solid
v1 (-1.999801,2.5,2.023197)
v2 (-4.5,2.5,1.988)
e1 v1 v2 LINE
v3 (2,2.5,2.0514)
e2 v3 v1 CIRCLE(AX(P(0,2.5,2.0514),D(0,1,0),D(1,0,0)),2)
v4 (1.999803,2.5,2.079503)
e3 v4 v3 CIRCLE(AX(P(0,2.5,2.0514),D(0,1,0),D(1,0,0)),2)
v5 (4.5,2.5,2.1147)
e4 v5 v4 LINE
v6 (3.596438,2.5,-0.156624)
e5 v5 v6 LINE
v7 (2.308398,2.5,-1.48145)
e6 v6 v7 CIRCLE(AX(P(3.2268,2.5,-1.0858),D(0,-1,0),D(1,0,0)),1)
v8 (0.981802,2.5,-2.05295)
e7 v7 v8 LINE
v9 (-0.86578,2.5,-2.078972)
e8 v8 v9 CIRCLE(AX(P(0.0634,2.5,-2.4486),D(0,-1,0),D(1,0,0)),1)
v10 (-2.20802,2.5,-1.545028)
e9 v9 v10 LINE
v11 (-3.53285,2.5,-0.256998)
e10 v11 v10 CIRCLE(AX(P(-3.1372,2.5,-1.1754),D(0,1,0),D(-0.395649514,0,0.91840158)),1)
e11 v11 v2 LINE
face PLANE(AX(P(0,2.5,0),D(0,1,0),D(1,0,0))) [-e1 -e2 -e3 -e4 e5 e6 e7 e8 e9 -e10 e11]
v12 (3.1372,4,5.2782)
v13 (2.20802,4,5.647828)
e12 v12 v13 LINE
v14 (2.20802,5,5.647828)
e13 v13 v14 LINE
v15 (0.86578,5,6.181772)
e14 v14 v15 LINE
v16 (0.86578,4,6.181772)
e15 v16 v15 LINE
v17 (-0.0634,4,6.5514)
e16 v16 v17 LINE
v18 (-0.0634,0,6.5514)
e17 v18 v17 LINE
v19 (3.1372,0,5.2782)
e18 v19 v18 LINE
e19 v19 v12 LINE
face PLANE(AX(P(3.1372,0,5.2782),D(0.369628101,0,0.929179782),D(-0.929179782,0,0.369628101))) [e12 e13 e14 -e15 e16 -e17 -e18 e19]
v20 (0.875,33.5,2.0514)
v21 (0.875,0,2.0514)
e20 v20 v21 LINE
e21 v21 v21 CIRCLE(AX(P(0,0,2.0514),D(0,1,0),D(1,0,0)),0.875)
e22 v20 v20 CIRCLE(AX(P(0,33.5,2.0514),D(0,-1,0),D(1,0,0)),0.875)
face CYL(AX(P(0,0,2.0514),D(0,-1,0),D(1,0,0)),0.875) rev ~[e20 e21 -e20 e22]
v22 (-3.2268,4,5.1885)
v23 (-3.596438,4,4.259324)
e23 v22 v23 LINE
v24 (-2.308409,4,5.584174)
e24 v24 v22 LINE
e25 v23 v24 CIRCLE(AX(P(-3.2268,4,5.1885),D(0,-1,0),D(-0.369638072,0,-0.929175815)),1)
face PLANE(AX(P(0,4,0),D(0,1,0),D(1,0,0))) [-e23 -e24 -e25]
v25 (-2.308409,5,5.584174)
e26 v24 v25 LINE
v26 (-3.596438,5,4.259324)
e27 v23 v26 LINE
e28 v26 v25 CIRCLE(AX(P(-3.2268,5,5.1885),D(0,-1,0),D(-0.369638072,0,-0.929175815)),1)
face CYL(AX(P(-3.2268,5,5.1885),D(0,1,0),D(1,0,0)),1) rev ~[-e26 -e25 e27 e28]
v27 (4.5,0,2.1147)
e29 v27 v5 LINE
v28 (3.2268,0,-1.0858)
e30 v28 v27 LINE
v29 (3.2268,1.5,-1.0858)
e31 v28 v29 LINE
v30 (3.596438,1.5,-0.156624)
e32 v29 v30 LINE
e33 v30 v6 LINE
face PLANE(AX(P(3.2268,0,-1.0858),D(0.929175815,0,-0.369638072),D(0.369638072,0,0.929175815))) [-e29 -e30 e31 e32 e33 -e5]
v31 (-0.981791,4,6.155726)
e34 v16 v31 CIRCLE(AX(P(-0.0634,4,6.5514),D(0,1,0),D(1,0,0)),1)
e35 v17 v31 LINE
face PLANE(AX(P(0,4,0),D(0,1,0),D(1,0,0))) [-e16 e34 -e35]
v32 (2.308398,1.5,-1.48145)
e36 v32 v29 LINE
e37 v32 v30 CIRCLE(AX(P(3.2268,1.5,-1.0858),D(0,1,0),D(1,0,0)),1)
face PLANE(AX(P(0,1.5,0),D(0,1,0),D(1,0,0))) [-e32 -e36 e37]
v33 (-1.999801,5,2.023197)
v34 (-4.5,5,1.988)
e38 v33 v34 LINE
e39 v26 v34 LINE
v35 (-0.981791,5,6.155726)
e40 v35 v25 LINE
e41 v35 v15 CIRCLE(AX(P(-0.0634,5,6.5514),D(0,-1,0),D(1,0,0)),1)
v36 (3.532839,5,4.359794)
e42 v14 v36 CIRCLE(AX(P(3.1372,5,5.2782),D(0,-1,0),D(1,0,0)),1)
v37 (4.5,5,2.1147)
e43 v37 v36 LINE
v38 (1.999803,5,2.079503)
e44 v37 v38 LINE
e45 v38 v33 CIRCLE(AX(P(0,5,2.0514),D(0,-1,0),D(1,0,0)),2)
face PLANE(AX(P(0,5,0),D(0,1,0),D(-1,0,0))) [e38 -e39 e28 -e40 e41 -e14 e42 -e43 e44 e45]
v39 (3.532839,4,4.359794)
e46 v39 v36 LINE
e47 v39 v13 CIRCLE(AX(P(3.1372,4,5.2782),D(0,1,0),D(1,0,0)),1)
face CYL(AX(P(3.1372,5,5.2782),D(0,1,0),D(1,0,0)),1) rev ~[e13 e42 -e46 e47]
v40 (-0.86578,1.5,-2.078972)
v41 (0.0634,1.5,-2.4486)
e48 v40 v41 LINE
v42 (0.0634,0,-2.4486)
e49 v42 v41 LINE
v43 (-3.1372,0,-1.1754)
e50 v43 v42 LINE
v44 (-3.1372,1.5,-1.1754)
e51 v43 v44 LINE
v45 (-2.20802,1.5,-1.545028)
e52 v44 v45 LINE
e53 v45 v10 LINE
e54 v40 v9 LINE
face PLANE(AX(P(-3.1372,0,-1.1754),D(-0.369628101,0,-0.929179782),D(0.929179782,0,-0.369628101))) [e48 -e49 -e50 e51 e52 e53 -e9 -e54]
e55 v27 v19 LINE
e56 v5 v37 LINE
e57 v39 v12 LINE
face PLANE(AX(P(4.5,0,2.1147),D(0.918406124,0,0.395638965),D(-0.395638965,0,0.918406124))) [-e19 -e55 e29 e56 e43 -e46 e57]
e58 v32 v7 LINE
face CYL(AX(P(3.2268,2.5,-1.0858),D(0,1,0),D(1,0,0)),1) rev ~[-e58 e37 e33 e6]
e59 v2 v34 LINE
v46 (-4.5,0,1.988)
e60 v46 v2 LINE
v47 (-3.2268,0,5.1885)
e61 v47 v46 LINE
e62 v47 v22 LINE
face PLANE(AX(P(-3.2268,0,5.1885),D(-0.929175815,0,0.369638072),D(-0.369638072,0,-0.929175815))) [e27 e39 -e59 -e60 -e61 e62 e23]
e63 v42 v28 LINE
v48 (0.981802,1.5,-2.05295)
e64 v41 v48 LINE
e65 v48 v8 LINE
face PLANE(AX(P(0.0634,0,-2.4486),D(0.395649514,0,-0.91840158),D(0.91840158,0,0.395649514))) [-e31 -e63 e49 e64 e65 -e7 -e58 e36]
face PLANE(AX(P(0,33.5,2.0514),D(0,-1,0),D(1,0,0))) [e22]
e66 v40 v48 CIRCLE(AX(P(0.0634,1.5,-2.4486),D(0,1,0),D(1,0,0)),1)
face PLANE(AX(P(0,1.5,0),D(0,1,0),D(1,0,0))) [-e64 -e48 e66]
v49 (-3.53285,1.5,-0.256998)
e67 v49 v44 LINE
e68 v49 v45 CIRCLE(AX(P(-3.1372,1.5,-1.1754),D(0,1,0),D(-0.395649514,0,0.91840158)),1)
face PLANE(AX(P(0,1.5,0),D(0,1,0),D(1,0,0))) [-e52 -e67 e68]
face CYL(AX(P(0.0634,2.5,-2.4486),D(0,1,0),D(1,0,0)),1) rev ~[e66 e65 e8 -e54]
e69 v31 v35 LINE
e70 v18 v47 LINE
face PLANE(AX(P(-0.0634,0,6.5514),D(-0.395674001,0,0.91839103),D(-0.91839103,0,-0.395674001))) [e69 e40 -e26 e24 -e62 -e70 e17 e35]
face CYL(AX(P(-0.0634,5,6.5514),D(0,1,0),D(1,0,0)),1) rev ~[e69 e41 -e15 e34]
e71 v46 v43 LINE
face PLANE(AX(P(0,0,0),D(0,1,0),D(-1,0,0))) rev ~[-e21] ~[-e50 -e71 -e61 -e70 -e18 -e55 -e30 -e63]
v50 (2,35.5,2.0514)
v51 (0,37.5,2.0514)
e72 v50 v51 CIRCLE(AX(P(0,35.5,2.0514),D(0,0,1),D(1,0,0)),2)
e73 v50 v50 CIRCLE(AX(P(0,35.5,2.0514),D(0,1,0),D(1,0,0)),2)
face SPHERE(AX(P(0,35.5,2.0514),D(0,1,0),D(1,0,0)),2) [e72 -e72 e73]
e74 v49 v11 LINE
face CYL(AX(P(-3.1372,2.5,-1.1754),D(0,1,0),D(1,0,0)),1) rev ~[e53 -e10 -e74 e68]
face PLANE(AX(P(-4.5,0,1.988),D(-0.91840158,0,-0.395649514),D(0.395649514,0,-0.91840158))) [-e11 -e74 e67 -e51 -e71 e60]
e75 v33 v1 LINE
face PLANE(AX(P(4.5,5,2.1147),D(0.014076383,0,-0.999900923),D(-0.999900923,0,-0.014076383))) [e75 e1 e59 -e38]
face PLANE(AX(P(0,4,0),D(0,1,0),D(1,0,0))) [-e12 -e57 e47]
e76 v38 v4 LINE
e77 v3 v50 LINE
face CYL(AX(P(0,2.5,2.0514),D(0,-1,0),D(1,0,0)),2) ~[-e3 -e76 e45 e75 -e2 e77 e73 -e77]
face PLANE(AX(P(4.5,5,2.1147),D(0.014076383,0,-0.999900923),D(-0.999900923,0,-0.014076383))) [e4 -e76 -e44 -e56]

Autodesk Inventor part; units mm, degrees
ref_plane "YZ Plane" through (0, 0, 0) normal (1, 0, 0) x (0, 1, 0)
ref_plane "XZ Plane" through (0, 0, 0) normal (0, 1, 0) x (-1, 0, 0)
ref_plane "XY Plane" through (0, 0, 0) normal (0, 0, 1) x (1, 0, 0)
sketch "Sketch1" plane through (0, 0, 0) normal (0, 1, 0) x (-1, 0, 0)
  line L0 (4.5, 1.988) -> (3.1372, -1.1754)
  line L1 (3.1372, -1.1754) -> (-0.0634, -2.4486)
  line L2 (-0.0634, -2.4486) -> (-3.2268, -1.0858)
  line L3 (-3.2268, -1.0858) -> (-4.5, 2.1147)
  line L4 (-4.5, 2.1147) -> (-3.1372, 5.2782)
  line L5 (-3.1372, 5.2782) -> (0.0634, 6.5514)
  line L6 (0.0634, 6.5514) -> (3.2268, 5.1885)
  line L7 (3.2268, 5.1885) -> (4.5, 1.988)
  point P0 (0, 0)
  point P1 (0, 2.0514)
  dimension "d0" = 9
extrude "Extrusion1" add sketch "Sketch1" along normal blind 5
sketch "Sketch2" plane through (0, 5, 0) normal (0, 1, 0) x (1, 0, 0)
  line L0 (-3.1372, 1.1754) -> (-4.5, -1.988) projected
  line L1 (-4.5, -1.988) -> (-3.1372, 1.1754)
  line L2 (0.0634, 2.4486) -> (-3.1372, 1.1754) projected
  line L3 (-3.1372, 1.1754) -> (0.0634, 2.4486)
  line L4 (3.2268, 1.0858) -> (0.0634, 2.4486) projected
  line L5 (0.0634, 2.4486) -> (3.2268, 1.0858)
  line L6 (4.5, -2.1147) -> (3.2268, 1.0858) projected
  line L7 (3.2268, 1.0858) -> (4.5, -2.1147)
  line L8 (4.5, -2.1147) -> (-4.5, -1.988)
  point P0 (0, 0)
extrude "Extrusion2" cut sketch "Sketch2" against normal blind 2.5
sketch "Sketch3" plane through (0, 2.5, 0) normal (0, 1, 0) x (1, 0, 0)
  line L0 (-3.1372, 1.1754) -> (0.0634, 2.4486) projected
  circle A0 centre (-3.1372, 1.1754) radius 1
  circle A1 centre (0.0634, 2.4486) radius 1
  line L1 (0.0634, 2.4486) -> (3.2268, 1.0858) projected
  circle A2 centre (3.2268, 1.0858) radius 1
  point P0 (0, 0)
  dimension "d5" = 2
  dimension "d6" = 2
  dimension "d7" = 2
extrude "Extrusion3" cut sketch "Sketch3" against normal blind 1
sketch "Sketch4" plane through (0, 5, 0) normal (0, 1, 0) x (1, 0, 0)
  line L0 (-3.2268, -5.1885) -> (-4.5, -1.988) projected
  circle A0 centre (-3.2268, -5.1885) radius 1
  line L1 (-0.0634, -6.5514) -> (-3.2268, -5.1885) projected
  circle A1 centre (-0.0634, -6.5514) radius 1
  line L2 (4.5, -2.1147) -> (3.1372, -5.2782) projected
  circle A2 centre (3.1372, -5.2782) radius 1
  point P0 (0, 0)
  dimension "d10" = 2
  dimension "d11" = 2
  dimension "d12" = 2
extrude "Extrusion4" cut sketch "Sketch4" against normal blind 1
sketch "Sketch5" plane through (0, 0, 0) normal (0, -1, 0) x (1, 0, 0)
  line L0 (4.5, 2.1147) -> (-4.5, 1.988) projected
  circle A0 centre (0, 2.0514) radius 0.875
  point P0 (0, 0)
  dimension "d15" = 1.75
extrude "Extrusion5" cut sketch "Sketch5" against normal through all
sketch "Sketch6" plane through (0, 2.5, 0) normal (0, 1, 0) x (1, 0, 0)
  arc A0 (0.8749, -2.0637) -> (-0.8749, -2.039) centre (0, -2.0514) ccw projected
  circle A1 centre (0, -2.0514) radius 2
  point P0 (0, 0)
  dimension "d18" = 4
extrude "Extrusion6" add sketch "Sketch6" along normal blind 35
sketch "Sketch7" plane through (0, 2.5, 2.0514) normal (0, -1, 0) x (1, 0, 0)
  circle A0 centre (0, 0) radius 0.875
  point P0 (0, -2.0514)
  dimension "d23" = 1.75
extrude "Extrusion7" cut sketch "Sketch7" against normal blind 31
fillet "Fillet1" radius 2 1 edges at (-2, 37.5, 2.0514)
properties part number "driver_handle"
